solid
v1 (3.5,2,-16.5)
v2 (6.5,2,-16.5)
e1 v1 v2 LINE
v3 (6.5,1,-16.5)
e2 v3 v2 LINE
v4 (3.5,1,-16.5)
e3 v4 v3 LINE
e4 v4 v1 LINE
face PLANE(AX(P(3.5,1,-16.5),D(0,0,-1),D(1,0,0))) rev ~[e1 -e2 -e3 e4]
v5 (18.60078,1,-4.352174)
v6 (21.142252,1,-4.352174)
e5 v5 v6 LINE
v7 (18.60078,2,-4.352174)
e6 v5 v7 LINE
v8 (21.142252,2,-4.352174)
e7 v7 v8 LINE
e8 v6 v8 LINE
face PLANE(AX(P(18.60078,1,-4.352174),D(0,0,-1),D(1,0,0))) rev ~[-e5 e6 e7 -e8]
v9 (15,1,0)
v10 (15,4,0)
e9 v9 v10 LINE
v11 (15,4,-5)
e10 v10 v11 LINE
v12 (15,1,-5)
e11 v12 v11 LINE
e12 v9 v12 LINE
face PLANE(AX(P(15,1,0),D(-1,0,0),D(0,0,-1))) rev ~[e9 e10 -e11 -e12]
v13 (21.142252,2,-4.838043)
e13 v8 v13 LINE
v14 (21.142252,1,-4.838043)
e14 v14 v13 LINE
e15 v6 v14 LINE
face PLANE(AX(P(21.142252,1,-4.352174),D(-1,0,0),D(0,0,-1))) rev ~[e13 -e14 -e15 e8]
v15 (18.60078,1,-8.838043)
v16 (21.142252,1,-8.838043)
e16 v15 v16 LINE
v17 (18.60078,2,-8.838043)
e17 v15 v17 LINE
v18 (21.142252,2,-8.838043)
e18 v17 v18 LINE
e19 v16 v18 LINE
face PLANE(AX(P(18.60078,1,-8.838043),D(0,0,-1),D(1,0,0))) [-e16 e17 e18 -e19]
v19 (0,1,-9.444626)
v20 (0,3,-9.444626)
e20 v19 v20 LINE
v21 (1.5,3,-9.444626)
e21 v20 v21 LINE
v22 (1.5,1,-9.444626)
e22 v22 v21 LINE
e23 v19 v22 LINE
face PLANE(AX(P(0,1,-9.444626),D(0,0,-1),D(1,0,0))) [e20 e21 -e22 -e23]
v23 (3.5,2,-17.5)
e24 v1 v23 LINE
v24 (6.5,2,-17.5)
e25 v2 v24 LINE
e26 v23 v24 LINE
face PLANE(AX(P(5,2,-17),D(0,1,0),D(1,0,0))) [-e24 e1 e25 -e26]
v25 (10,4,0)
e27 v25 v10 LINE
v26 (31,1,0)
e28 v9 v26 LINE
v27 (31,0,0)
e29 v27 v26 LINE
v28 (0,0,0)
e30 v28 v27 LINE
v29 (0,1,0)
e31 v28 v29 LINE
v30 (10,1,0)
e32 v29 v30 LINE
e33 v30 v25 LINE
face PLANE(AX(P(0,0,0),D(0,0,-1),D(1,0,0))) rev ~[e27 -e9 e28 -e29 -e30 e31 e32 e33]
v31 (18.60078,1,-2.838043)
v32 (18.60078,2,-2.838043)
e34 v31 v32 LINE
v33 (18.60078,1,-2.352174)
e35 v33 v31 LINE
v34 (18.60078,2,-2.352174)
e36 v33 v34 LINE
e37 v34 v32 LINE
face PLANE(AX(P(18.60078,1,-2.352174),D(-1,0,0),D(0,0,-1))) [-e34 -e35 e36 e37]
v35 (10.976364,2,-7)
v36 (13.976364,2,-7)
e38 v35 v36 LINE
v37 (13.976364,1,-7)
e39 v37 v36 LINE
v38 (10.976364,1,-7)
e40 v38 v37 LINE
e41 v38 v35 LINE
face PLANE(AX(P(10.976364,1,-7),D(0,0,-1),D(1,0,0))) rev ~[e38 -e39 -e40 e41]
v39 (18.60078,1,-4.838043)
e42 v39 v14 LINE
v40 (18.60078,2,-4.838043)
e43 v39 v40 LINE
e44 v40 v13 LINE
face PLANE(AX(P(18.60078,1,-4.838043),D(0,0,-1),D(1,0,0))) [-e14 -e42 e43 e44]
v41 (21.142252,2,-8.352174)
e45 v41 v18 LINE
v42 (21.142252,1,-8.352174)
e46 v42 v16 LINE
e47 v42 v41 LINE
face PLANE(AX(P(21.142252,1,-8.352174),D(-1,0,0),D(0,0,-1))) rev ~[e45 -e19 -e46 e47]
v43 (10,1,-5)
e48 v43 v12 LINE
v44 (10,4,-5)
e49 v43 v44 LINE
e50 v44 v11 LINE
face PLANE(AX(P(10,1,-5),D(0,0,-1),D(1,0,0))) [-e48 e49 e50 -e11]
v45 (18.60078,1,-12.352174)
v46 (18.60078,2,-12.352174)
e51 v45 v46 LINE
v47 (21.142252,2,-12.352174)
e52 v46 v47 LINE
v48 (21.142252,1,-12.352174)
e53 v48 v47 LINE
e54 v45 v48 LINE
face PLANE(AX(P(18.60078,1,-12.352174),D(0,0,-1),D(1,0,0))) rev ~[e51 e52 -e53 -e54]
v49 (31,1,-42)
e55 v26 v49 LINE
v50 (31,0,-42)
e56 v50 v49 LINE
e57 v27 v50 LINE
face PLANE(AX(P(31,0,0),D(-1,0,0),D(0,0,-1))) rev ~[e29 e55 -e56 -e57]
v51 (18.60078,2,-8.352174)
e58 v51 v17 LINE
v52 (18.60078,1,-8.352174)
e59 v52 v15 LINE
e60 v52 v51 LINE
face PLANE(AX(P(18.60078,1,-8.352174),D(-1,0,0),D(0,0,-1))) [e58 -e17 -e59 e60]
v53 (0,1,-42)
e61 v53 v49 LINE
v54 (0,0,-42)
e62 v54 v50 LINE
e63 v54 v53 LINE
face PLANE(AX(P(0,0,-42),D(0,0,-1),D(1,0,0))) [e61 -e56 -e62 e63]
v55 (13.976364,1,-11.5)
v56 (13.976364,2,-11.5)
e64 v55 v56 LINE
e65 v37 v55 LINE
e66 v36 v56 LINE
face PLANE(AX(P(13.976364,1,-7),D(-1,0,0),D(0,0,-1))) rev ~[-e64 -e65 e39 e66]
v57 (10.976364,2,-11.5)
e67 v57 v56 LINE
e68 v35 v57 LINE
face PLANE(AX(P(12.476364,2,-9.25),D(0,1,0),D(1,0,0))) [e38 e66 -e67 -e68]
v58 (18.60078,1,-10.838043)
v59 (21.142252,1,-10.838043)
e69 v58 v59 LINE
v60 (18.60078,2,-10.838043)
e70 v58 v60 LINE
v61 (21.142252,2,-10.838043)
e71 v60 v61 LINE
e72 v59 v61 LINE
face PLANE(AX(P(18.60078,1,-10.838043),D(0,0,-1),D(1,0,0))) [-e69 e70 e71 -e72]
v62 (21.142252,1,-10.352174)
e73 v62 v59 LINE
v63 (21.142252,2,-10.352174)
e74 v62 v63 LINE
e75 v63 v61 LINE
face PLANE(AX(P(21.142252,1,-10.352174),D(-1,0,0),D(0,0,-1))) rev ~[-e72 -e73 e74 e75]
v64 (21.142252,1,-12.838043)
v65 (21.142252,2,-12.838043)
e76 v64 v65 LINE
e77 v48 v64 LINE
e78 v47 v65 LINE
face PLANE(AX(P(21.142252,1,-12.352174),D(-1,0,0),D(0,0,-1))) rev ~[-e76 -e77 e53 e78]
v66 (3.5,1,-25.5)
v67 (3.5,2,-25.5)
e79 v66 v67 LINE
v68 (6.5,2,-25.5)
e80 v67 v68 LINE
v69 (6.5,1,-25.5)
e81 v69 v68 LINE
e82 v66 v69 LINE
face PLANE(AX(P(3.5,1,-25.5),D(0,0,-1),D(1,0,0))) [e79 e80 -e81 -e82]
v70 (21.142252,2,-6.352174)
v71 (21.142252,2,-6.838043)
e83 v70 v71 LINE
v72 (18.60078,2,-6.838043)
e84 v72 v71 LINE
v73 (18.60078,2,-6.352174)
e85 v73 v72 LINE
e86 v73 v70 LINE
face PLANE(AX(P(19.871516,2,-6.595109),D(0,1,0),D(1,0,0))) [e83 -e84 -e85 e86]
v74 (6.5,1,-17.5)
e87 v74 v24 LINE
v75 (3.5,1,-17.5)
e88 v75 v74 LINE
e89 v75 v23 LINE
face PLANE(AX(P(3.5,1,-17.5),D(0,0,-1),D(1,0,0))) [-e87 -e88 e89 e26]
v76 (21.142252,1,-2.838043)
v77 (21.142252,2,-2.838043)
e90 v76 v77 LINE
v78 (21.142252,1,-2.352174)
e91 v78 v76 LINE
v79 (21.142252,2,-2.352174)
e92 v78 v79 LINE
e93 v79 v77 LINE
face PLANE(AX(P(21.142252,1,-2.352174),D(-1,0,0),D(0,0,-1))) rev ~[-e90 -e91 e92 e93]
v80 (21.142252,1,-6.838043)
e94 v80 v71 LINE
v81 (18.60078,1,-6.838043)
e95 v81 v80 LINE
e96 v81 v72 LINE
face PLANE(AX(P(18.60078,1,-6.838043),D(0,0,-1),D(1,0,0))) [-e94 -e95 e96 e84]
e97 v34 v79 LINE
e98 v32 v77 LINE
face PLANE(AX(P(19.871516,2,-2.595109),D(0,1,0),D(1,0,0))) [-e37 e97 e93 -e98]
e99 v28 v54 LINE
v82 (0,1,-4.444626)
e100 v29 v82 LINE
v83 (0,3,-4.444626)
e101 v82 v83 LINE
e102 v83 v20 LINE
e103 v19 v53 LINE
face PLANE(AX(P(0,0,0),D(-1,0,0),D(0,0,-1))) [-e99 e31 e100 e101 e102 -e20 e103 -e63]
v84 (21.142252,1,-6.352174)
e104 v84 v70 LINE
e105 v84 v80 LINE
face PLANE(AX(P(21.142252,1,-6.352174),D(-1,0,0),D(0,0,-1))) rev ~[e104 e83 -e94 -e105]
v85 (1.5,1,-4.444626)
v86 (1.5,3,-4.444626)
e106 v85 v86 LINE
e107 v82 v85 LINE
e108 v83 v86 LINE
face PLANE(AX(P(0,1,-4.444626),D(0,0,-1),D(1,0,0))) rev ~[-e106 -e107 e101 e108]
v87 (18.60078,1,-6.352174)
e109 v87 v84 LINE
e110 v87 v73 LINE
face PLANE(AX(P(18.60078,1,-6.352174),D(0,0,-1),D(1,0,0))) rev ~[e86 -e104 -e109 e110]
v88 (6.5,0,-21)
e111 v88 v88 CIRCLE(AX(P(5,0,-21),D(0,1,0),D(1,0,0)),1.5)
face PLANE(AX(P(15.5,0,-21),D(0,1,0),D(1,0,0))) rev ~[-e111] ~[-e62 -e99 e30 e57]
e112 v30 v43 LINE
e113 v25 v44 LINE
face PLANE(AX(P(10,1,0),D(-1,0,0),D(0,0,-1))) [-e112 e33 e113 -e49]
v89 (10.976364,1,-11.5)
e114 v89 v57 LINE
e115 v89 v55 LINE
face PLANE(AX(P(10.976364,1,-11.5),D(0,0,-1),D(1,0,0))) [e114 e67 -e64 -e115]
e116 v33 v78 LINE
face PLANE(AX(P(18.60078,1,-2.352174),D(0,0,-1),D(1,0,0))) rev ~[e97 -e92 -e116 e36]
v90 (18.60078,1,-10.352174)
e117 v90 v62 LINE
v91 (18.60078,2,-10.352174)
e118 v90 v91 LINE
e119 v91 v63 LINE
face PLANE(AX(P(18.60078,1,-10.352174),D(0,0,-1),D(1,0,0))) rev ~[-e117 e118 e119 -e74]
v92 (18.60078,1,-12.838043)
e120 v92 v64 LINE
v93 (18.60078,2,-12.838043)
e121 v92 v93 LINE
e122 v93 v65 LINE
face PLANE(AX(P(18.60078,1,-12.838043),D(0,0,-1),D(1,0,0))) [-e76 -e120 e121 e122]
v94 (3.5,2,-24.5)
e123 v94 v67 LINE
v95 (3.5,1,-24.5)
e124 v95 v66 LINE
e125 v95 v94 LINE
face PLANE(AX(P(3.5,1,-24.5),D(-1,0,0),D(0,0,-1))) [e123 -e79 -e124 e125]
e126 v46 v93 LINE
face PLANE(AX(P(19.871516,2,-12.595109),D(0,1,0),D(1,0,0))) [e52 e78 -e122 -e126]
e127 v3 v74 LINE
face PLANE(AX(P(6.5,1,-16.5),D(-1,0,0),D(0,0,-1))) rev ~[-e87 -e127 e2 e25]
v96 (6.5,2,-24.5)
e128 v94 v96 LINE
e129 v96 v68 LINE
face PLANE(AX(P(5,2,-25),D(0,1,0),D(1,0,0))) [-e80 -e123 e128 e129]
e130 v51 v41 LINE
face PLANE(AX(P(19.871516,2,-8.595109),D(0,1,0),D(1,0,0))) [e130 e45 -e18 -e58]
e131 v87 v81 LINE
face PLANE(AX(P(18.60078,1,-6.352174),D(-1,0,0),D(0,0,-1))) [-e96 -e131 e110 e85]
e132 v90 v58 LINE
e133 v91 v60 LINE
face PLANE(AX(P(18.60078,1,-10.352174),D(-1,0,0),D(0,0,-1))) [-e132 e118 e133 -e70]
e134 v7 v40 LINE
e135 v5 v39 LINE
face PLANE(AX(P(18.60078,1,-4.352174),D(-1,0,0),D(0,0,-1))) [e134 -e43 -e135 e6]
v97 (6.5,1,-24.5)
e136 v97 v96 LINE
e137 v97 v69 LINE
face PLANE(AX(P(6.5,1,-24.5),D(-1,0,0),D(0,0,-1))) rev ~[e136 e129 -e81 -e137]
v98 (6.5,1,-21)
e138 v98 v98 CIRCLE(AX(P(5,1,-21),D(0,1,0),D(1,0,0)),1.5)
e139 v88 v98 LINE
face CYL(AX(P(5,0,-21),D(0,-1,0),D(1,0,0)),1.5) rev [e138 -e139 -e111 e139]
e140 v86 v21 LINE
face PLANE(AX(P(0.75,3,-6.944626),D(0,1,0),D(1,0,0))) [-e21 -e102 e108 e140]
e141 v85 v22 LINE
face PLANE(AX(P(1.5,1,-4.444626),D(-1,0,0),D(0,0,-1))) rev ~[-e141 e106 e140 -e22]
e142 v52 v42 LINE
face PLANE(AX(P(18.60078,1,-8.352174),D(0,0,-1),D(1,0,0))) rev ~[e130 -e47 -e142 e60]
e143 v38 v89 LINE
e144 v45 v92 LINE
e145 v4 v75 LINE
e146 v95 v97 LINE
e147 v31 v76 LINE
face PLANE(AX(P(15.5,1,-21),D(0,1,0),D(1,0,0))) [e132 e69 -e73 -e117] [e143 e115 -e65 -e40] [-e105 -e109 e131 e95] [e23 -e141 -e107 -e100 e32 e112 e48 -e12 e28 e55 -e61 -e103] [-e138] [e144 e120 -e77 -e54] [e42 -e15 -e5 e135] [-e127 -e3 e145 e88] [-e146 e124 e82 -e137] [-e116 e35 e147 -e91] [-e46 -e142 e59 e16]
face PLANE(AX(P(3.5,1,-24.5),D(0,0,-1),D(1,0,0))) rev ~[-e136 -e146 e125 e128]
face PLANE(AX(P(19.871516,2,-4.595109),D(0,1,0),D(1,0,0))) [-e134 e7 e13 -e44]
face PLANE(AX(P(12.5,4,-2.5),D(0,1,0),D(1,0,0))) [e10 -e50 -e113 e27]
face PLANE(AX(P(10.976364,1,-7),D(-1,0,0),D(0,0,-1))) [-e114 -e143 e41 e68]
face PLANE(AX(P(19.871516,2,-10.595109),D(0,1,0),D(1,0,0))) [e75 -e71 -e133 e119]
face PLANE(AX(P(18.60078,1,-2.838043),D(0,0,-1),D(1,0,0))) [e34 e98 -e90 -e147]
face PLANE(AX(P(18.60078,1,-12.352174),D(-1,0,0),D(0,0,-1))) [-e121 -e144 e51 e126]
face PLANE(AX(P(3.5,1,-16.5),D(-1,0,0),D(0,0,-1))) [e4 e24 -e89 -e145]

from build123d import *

# Parameters (mm, degrees)
SKETCH_1_W      = 31
SKETCH_1_H      = 42
SKETCH_1_R      = 1.5
EXTRUDE_1_DEPTH = 1
SKETCH_2_W      = 5
SKETCH_2_H      = 5
EXTRUDE_2_DEPTH = 3
SKETCH_3_W      = 3
SKETCH_3_H      = 4.5
SKETCH_3_W_2    = 2.541472094
SKETCH_3_H_2    = 0.485869665
EXTRUDE_3_DEPTH = 1
SKETCH_4_W      = 3
SKETCH_4_H      = 1
EXTRUDE_4_DEPTH = 1
SKETCH_5_W      = 1.5
SKETCH_5_H      = 5
EXTRUDE_5_DEPTH = 2


with BuildPart() as part:
    # 草圖1 → 填料-伸長1 (new body)
    with BuildSketch(Plane(origin=(0, 0, 0), x_dir=(1, 0, 0), z_dir=(0, 1, 0))):
        with Locations((15.5, 21)):
            Rectangle(SKETCH_1_W, SKETCH_1_H)
        with Locations((5, 21)):
            Circle(SKETCH_1_R, mode=Mode.SUBTRACT)
    extrude(amount=EXTRUDE_1_DEPTH)

    # 草圖2 → 填料-伸長2 (add)
    with BuildSketch(Plane(origin=(0, 1, 0), x_dir=(1, 0, 0), z_dir=(0, 1, 0))):
        with Locations((12.5, 2.5)):
            Rectangle(SKETCH_2_W, SKETCH_2_H)
    extrude(amount=EXTRUDE_2_DEPTH)

    # 草圖3 → 填料-伸長3 (add)
    with BuildSketch(Plane(origin=(0, 1, 0), x_dir=(1, 0, 0), z_dir=(0, 1, 0))):
        with Locations((12.476364023, 9.25)):
            Rectangle(SKETCH_3_W, SKETCH_3_H)
        with Locations((19.871516351, 12.595108575)):
            Rectangle(SKETCH_3_W_2, SKETCH_3_H_2)
        with Locations((19.871516351, 10.595108575)):
            Rectangle(SKETCH_3_W_2, SKETCH_3_H_2)
        with Locations((19.871516351, 8.595108574)):
            Rectangle(SKETCH_3_W_2, SKETCH_3_H_2)
        with Locations((19.871516351, 6.595108575)):
            Rectangle(SKETCH_3_W_2, SKETCH_3_H_2)
        with Locations((19.871516351, 4.595108575)):
            Rectangle(SKETCH_3_W_2, SKETCH_3_H_2)
        with Locations((19.871516351, 2.595108575)):
            Rectangle(SKETCH_3_W_2, SKETCH_3_H_2)
    extrude(amount=EXTRUDE_3_DEPTH)

    # 草圖4 → 填料-伸長4 (add)
    with BuildSketch(Plane(origin=(0, 1, 0), x_dir=(1, 0, 0), z_dir=(0, 1, 0))):
        with Locations((5, 25)):
            Rectangle(SKETCH_4_W, SKETCH_4_H)
        with Locations((5, 17)):
            Rectangle(SKETCH_4_W, SKETCH_4_H)
    extrude(amount=EXTRUDE_4_DEPTH)

    # 草圖5 → 填料-伸長5 (add)
    with BuildSketch(Plane(origin=(0, 1, 0), x_dir=(1, 0, 0), z_dir=(0, 1, 0))):
        with Locations((0.75, 6.944626386)):
            Rectangle(SKETCH_5_W, SKETCH_5_H)
    extrude(amount=EXTRUDE_5_DEPTH)


solid = part.part
